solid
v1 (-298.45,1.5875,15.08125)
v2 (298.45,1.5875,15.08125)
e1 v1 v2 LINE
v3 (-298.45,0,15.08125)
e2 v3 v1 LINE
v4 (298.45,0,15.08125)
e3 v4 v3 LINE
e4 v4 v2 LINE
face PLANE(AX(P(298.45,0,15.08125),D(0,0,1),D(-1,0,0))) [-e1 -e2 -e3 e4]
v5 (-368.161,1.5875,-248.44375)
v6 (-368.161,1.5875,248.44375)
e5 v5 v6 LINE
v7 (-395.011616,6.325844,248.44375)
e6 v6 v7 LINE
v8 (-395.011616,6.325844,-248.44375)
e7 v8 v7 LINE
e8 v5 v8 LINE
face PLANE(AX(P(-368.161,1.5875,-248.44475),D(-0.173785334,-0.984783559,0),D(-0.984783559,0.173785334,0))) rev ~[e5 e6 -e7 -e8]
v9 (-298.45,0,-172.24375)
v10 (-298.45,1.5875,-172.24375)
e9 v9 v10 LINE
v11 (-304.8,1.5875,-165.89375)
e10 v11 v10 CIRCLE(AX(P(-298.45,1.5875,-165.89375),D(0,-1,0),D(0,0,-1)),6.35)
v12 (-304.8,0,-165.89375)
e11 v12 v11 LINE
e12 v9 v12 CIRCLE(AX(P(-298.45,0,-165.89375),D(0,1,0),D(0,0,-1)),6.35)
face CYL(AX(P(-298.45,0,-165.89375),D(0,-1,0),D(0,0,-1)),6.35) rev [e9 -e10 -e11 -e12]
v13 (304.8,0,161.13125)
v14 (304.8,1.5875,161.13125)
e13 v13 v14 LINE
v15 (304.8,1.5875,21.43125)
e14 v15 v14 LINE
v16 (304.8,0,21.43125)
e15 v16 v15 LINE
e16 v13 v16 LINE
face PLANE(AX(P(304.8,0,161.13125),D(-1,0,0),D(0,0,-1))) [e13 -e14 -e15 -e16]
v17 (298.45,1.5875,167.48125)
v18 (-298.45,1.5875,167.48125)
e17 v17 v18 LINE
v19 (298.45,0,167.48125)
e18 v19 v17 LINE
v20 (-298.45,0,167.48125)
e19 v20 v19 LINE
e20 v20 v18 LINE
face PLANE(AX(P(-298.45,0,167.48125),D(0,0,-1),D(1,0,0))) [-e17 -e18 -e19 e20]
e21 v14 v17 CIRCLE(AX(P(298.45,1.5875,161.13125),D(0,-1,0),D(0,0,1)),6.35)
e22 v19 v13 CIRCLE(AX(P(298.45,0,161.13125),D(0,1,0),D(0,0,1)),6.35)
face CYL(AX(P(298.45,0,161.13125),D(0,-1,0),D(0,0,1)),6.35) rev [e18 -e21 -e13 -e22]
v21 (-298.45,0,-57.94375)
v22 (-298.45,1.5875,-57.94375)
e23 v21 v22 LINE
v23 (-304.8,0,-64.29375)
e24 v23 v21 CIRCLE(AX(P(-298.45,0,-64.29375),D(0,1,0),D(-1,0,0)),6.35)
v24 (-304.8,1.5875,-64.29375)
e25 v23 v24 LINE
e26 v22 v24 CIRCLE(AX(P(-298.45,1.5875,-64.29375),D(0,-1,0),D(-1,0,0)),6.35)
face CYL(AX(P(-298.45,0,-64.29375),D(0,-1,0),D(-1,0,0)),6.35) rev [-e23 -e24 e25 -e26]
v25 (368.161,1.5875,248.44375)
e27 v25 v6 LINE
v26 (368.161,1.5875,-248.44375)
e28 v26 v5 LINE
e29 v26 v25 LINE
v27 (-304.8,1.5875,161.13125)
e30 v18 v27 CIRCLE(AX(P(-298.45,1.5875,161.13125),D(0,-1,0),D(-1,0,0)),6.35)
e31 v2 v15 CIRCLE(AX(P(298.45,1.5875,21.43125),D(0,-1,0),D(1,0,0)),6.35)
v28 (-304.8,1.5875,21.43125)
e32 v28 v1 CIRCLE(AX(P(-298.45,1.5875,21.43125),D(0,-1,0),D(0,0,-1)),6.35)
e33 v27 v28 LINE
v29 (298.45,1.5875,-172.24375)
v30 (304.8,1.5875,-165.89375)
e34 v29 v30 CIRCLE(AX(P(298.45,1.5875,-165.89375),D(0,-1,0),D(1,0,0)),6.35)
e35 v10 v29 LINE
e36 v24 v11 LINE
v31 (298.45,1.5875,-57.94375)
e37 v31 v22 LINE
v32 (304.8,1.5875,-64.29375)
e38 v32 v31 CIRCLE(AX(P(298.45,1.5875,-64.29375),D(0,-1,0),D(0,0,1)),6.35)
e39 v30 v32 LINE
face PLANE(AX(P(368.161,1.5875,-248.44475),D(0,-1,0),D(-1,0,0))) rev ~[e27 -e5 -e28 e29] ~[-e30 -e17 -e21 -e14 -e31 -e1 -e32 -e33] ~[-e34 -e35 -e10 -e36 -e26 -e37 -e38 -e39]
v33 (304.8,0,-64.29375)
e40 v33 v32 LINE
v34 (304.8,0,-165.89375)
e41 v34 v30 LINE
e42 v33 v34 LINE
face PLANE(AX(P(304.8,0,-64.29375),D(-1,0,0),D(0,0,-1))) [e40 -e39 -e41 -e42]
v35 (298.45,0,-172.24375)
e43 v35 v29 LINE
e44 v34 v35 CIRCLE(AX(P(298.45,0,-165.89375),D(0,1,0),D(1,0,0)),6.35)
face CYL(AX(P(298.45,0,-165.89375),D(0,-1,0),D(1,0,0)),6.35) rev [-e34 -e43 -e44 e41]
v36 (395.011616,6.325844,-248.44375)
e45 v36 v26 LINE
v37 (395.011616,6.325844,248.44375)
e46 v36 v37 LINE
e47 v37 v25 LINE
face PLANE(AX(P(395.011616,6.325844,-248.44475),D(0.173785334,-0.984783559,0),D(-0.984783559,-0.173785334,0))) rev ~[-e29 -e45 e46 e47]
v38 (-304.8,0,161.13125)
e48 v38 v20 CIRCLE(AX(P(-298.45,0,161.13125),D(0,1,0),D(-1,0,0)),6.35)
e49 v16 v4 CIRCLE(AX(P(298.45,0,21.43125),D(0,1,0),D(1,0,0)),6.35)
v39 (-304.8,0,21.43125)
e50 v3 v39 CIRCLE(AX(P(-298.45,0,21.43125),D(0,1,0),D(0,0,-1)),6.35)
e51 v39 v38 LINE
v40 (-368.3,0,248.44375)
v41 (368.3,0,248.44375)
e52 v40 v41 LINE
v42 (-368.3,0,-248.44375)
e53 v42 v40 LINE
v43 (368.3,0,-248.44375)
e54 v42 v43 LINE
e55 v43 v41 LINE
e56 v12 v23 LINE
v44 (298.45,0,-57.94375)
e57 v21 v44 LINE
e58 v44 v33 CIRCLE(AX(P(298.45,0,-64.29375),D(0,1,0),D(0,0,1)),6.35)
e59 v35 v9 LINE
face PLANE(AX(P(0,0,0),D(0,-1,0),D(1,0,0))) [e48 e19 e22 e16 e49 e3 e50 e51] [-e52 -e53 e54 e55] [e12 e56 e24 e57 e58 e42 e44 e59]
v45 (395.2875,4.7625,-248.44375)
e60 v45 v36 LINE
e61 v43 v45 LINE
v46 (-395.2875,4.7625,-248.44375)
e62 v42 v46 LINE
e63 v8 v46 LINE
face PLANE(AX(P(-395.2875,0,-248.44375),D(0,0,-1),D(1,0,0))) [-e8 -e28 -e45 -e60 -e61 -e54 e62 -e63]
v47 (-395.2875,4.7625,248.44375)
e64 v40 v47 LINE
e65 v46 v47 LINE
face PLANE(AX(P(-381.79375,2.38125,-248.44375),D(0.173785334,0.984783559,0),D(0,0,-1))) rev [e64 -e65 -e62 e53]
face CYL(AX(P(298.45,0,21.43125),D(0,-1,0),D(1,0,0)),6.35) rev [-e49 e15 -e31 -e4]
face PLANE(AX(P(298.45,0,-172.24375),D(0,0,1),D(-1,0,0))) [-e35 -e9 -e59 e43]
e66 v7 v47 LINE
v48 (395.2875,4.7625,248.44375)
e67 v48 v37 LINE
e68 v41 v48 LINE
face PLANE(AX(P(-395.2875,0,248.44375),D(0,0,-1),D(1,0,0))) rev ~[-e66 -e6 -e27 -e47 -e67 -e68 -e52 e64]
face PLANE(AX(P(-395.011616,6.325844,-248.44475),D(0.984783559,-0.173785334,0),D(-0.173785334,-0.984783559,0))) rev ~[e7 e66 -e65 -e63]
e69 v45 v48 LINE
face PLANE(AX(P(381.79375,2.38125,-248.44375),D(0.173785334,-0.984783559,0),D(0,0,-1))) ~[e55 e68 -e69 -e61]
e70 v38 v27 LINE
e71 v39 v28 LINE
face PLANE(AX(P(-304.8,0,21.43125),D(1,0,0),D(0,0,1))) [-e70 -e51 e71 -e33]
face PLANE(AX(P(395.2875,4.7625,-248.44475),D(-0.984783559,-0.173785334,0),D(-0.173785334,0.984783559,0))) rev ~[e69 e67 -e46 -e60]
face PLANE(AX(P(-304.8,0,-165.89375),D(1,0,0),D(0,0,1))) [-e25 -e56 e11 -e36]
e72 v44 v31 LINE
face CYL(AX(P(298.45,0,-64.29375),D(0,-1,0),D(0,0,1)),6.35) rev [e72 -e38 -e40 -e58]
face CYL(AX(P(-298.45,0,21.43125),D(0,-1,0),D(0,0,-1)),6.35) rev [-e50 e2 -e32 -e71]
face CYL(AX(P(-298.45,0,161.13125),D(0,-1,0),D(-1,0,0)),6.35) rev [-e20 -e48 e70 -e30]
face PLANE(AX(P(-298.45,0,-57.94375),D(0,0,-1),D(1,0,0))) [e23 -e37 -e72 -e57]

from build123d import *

# Parameters (mm, degrees)
F0_W     = 790.575
F0_H     = 496.8875
F1_DEPTH = 76.2
F2_SIZE2 = 4.7625
F2_SIZE  = 26.9875
F4_START = -248.44475
F4_DEPTH = 496.8895


with BuildPart() as f1:
    # F0 (on Front) → F1 (new body)
    with BuildSketch(Plane.XZ):
        Rectangle(F0_W, F0_H)
        with BuildLine():
            Line((-298.45, -57.94375), (298.45, -57.94375))
            ThreePointArc((298.45, -57.94375), (302.9401280605, -59.8036219395), (304.8, -64.29375))
            Line((304.8, -64.29375), (304.8, -165.89375))
            ThreePointArc((304.8, -165.89375), (302.9401280605, -170.3838780605), (298.45, -172.24375))
            Line((298.45, -172.24375), (-298.45, -172.24375))
            ThreePointArc((-298.45, -172.24375), (-302.9401280605, -170.3838780605), (-304.8, -165.89375))
            Line((-304.8, -165.89375), (-304.8, -64.29375))
            ThreePointArc((-304.8, -64.29375), (-302.9401280605, -59.8036219395), (-298.45, -57.94375))
        make_face(mode=Mode.SUBTRACT)
        with BuildLine():
            Line((-298.45, 167.48125), (298.45, 167.48125))
            ThreePointArc((298.45, 167.48125), (302.9401280605, 165.6213780605), (304.8, 161.13125))
            Line((304.8, 161.13125), (304.8, 21.43125))
            ThreePointArc((304.8, 21.43125), (302.9401280605, 16.9411219395), (298.45, 15.08125))
            Line((298.45, 15.08125), (-298.45, 15.08125))
            ThreePointArc((-298.45, 15.08125), (-302.9401280605, 16.9411219395), (-304.8, 21.43125))
            Line((-304.8, 21.43125), (-304.8, 161.13125))
            ThreePointArc((-304.8, 161.13125), (-302.9401280605, 165.6213780605), (-298.45, 167.48125))
        make_face(mode=Mode.SUBTRACT)
    extrude(amount=-F1_DEPTH)

    # F2
    f2_edges = [f1.edges().sort_by_distance(p)[0] for p in [
        (-395.2875, 0, 0),
        (395.2875, 0, 0),
    ]]
    f2_side = f1.faces().sort_by_distance((0, 0, -2.004685))[0]
    chamfer(f2_edges, length=F2_SIZE, length2=F2_SIZE2, reference=f2_side)

    # F3 (on Top) → F4 (intersect)
    with BuildSketch(Plane.XY.offset(F4_START)):
        Polygon((-395.2875, 4.7625), (-368.3, 0), (368.3, 0), (395.2875, 4.7625), (395.0116157824, 6.3258438996), (368.1610003512, 1.5875), (-368.1610003512, 1.5875), (-395.0116157824, 6.3258438996), align=None)
    extrude(amount=F4_DEPTH, mode=Mode.INTERSECT)


solid = f1.part
